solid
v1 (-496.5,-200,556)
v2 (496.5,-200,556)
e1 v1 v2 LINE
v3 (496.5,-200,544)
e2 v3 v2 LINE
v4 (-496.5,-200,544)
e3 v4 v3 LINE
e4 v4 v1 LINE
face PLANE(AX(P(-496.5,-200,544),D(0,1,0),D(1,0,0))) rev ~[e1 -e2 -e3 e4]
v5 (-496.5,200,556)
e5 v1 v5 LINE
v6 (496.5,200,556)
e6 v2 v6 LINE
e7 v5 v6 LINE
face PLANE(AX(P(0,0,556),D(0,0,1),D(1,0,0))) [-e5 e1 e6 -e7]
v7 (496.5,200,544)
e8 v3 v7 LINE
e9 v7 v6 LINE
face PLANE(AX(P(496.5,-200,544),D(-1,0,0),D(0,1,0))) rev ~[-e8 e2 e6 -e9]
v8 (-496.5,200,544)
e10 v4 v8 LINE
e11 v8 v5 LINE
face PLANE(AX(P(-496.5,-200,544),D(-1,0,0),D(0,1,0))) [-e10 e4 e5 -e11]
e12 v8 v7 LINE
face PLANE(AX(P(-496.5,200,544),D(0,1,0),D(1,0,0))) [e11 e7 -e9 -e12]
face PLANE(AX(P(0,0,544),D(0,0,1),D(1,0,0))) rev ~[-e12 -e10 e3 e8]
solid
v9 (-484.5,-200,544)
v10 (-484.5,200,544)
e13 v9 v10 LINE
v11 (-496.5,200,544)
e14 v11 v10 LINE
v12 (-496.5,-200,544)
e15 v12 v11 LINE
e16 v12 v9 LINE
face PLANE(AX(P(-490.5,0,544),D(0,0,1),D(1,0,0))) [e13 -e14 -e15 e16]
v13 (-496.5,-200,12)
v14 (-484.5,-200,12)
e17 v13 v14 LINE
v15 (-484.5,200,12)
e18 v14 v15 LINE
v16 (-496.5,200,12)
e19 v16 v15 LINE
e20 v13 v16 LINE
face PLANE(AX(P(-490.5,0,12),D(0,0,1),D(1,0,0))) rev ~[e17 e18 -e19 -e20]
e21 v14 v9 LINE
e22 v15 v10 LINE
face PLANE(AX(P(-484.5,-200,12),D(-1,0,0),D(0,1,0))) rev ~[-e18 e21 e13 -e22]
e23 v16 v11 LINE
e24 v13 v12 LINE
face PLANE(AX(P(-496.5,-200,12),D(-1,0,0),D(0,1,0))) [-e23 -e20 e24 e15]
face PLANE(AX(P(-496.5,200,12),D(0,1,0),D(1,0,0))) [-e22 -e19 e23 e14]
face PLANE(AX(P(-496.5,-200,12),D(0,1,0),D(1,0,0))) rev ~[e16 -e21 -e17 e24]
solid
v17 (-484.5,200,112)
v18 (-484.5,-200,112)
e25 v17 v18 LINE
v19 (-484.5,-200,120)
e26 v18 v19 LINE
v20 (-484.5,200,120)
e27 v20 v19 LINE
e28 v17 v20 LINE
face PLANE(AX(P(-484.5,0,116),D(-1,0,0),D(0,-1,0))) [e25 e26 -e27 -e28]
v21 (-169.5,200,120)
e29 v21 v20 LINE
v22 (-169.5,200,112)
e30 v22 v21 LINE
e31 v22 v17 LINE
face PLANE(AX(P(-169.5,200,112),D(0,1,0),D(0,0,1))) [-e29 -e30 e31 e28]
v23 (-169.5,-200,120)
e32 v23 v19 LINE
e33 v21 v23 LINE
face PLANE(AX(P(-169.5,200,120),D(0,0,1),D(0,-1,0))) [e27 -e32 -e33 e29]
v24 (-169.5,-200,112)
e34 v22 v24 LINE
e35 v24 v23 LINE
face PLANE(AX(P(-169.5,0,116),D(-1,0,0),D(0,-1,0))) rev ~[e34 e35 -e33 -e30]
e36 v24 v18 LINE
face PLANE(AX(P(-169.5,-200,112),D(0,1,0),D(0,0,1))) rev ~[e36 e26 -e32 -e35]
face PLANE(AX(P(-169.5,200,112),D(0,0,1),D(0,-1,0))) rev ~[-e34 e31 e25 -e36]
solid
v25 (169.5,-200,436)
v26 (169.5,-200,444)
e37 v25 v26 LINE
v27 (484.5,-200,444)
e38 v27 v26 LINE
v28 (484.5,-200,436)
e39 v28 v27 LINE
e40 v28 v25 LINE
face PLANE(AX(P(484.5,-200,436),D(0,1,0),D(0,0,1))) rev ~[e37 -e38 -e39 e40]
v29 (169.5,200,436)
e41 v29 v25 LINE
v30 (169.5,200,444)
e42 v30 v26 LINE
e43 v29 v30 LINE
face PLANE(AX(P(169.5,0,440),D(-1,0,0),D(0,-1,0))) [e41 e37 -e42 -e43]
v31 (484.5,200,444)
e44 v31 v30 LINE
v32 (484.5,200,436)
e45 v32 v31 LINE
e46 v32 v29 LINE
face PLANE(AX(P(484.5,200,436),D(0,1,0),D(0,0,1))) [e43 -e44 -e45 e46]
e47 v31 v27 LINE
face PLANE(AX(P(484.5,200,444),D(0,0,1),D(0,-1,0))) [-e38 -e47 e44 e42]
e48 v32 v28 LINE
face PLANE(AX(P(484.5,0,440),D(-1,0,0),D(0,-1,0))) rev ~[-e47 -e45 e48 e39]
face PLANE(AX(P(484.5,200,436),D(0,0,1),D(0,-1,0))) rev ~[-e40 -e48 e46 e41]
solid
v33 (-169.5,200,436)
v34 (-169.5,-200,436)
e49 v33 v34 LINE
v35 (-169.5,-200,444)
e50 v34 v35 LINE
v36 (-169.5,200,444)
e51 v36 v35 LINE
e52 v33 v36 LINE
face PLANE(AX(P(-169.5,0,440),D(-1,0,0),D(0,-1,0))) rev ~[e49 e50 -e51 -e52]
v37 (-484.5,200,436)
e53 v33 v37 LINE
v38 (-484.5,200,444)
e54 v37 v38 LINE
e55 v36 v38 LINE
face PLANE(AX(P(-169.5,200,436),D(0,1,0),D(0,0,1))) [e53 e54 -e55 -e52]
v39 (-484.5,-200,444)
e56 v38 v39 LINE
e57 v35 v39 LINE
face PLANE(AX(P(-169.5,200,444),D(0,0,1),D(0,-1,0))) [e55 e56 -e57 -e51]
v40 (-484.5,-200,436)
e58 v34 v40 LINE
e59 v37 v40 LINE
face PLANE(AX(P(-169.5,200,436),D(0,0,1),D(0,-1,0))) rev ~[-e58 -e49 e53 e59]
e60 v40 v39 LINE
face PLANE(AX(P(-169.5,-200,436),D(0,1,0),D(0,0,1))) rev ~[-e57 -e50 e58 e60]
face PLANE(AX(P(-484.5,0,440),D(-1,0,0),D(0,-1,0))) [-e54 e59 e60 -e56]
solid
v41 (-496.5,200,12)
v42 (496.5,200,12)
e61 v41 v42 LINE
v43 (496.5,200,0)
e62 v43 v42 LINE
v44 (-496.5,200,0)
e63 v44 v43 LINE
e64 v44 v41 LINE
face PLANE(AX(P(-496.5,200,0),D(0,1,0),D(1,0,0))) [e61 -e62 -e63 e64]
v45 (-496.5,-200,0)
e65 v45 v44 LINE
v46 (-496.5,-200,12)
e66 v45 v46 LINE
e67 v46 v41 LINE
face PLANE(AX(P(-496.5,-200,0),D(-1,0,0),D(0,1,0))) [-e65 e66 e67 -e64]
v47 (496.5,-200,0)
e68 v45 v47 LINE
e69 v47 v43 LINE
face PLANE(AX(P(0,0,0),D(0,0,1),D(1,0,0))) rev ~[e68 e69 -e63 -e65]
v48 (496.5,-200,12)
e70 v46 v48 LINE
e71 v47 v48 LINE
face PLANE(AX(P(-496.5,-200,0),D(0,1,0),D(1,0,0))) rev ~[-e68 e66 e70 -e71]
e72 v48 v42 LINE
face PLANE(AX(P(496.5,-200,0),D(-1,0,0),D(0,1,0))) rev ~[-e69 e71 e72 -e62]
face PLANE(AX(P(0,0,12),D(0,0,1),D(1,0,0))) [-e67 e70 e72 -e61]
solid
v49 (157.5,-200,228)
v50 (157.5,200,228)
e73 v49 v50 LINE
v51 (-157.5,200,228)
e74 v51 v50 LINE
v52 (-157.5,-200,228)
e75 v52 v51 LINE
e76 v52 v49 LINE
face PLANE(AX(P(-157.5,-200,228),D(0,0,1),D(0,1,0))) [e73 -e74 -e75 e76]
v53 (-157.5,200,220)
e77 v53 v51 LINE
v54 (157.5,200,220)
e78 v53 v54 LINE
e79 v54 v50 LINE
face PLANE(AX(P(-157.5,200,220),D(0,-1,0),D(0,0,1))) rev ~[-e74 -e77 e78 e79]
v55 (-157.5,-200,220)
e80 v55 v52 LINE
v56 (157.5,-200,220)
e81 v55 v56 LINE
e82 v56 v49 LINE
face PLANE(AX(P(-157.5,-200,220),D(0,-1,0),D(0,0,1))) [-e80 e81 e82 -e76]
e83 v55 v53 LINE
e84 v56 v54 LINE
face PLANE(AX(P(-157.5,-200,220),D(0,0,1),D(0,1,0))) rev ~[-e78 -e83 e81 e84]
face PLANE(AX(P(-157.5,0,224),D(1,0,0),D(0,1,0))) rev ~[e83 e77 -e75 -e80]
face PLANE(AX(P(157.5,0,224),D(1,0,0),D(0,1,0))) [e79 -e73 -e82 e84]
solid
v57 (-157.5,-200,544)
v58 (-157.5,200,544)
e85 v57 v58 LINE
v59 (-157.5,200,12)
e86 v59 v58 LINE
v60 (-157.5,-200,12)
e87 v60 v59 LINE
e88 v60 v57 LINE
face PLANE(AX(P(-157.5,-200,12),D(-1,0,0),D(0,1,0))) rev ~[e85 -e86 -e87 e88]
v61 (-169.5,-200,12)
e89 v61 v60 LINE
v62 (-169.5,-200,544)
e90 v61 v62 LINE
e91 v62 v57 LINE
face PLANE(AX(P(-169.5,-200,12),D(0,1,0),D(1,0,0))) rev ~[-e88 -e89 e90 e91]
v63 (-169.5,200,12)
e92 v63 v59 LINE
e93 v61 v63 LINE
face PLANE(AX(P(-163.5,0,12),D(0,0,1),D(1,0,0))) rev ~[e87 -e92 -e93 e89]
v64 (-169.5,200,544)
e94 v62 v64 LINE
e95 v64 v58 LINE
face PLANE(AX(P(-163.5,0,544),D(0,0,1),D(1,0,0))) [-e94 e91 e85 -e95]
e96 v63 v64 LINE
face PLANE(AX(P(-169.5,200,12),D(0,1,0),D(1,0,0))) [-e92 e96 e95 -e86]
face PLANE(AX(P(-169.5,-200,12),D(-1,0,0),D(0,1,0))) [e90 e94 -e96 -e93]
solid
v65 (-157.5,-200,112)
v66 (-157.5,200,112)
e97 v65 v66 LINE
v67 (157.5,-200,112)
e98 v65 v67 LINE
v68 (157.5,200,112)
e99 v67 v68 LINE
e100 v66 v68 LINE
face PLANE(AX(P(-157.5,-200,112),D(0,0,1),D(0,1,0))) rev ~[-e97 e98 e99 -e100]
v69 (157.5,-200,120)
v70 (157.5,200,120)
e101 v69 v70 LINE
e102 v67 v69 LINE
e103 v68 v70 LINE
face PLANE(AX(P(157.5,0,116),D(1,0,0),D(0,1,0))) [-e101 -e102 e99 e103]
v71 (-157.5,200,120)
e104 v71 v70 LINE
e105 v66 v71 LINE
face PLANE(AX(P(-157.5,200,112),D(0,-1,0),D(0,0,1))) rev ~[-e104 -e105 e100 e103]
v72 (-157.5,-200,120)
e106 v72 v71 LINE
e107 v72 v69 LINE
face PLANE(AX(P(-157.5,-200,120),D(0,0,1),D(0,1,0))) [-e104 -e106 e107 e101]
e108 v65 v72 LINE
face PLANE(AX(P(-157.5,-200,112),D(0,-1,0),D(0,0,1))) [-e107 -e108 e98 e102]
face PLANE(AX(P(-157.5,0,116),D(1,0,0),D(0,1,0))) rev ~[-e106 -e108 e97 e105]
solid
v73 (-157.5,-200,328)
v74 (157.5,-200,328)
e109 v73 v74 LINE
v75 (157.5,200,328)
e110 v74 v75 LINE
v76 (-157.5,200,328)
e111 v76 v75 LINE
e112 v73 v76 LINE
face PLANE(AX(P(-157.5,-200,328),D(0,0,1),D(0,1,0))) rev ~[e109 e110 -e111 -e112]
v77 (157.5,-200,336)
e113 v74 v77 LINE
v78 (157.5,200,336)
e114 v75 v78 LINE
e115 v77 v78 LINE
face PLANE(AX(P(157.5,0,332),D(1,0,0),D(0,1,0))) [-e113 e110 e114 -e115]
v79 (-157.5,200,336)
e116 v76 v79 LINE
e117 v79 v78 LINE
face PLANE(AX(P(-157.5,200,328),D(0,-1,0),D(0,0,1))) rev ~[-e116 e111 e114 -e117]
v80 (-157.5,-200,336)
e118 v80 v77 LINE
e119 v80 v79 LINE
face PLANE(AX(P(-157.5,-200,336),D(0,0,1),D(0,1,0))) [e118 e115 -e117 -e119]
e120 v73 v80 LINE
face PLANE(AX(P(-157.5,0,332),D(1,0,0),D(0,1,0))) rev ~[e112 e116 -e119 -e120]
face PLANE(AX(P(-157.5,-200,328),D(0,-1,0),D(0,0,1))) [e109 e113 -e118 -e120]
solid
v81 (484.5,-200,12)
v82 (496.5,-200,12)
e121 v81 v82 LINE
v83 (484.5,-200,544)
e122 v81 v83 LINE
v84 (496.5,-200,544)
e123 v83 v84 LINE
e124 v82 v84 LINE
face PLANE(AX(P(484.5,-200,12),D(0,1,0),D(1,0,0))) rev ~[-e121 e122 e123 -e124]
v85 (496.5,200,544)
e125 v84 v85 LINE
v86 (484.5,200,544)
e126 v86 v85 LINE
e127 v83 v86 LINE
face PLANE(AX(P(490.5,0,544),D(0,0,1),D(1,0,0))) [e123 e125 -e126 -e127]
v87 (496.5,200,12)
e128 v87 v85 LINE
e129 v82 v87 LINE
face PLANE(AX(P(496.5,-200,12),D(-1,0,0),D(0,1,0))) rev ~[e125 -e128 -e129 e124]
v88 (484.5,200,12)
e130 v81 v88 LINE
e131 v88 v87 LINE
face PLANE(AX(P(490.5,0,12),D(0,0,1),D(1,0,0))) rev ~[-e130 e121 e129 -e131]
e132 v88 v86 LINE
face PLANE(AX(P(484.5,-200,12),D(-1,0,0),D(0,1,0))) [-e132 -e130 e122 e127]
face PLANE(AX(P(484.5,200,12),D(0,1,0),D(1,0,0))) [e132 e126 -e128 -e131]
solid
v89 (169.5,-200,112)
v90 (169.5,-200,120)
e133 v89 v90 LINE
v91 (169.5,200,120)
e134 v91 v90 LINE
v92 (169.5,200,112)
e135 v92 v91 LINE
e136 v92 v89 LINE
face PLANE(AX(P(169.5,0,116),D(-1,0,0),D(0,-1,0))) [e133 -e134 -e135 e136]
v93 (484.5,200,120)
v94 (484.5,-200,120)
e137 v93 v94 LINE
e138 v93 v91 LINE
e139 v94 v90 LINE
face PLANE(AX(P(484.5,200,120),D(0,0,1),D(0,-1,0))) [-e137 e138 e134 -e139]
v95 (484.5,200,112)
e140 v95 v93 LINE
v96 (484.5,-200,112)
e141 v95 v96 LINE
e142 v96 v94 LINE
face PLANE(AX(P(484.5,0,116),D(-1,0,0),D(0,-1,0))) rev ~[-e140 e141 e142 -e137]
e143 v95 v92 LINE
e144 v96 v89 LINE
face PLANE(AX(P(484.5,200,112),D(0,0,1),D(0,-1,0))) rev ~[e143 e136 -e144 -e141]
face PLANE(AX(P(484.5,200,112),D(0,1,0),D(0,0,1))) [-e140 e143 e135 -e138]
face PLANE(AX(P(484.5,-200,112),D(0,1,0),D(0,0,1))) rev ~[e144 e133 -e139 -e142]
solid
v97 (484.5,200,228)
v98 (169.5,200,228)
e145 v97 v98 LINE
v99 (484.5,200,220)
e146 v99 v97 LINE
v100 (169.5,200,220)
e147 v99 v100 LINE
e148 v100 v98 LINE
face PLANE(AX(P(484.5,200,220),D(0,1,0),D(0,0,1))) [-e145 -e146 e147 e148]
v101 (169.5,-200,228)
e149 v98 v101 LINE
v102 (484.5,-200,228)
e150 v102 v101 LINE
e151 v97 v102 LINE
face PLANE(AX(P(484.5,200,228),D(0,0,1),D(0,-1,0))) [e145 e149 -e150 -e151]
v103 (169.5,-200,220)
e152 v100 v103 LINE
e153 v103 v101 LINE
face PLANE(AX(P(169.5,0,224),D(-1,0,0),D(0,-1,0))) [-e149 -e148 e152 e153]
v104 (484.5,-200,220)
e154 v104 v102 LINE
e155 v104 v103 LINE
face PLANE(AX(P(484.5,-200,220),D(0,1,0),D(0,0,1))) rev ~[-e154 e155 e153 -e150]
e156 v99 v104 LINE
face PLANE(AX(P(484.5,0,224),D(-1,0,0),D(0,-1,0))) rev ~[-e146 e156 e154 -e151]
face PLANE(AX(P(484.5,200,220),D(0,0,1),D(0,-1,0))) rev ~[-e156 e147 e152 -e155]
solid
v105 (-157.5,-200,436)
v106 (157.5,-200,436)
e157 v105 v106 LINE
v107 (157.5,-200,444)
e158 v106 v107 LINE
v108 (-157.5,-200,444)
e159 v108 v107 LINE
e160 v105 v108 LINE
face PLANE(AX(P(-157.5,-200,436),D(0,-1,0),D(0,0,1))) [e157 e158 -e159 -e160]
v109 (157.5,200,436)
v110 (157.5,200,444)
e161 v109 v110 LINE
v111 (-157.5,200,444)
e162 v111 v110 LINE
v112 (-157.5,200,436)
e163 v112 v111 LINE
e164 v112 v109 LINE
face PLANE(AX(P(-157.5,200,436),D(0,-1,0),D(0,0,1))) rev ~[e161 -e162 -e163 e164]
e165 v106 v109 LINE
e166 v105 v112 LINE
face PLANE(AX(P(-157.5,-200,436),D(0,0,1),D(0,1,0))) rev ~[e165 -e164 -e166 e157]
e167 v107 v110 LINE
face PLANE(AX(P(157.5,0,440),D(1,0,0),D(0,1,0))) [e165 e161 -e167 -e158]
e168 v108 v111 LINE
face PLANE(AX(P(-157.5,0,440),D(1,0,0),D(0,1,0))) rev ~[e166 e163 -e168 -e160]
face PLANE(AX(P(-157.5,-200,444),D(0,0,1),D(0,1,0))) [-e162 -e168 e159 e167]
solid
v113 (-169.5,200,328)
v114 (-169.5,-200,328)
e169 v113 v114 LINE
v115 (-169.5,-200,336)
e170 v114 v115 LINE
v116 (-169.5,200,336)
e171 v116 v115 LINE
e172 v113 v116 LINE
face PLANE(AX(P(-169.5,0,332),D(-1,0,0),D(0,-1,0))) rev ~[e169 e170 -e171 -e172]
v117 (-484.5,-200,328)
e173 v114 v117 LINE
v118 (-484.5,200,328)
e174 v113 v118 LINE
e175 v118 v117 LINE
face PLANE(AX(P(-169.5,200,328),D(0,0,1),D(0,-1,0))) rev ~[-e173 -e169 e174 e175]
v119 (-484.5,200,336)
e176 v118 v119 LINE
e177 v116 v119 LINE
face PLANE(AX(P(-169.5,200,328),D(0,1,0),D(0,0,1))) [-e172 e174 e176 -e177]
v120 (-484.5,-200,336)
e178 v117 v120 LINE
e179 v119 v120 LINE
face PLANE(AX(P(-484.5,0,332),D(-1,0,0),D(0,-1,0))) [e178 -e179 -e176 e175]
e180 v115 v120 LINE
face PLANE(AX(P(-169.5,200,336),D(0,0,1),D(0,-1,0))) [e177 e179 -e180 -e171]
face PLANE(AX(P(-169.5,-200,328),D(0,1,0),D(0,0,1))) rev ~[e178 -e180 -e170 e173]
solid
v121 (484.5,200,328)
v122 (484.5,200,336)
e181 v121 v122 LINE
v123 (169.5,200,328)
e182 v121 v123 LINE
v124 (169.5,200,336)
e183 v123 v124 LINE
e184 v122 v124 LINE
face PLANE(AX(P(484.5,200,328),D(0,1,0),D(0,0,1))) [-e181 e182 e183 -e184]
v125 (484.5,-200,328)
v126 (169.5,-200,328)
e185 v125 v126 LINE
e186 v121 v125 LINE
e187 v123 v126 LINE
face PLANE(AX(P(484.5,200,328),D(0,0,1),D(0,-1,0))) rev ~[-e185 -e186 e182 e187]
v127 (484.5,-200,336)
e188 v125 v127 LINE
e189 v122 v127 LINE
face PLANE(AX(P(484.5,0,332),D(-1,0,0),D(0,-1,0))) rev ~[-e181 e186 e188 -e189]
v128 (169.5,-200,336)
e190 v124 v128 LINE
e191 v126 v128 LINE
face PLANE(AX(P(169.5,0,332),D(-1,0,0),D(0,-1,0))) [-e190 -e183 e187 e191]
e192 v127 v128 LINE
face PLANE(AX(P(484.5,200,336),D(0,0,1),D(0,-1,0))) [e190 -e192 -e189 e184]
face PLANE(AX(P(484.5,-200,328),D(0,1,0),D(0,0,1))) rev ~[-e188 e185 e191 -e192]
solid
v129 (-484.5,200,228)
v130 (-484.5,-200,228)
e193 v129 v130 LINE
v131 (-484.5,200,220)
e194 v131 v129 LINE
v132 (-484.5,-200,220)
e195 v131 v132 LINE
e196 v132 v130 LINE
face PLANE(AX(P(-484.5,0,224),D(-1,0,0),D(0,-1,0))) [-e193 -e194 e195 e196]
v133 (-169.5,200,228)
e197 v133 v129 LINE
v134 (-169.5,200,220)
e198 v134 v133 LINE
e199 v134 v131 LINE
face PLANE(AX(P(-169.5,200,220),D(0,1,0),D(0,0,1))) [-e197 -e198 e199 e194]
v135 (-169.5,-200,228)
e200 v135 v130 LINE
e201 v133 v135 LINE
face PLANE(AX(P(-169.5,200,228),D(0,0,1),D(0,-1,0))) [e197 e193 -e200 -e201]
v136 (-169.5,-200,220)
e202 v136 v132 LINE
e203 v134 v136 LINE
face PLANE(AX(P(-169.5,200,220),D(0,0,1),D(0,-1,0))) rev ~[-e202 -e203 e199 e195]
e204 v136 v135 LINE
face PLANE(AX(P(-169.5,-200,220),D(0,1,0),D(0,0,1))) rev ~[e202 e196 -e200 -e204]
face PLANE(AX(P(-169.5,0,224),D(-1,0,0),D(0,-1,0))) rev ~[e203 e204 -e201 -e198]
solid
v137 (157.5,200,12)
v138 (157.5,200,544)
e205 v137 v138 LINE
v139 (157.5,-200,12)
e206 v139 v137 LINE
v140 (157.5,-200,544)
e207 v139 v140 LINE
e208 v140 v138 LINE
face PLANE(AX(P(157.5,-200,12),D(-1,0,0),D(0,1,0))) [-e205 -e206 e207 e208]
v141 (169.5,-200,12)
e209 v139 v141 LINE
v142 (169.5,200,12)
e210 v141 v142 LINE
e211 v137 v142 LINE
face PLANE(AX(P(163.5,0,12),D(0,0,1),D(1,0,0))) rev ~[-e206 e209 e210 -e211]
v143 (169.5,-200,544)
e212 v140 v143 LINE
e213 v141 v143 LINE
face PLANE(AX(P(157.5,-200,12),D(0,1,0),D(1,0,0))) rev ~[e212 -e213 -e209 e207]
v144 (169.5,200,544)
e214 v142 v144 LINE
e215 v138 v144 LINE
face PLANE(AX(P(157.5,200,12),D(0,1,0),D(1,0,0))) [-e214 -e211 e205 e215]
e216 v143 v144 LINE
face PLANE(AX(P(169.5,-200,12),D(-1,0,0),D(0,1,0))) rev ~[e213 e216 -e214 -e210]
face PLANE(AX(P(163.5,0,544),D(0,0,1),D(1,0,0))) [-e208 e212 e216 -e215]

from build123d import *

# Parameters (mm, degrees)
F0_W      = 993
F0_H      = 400
F1_DEPTH  = 12
F2_W      = 12
F2_H      = 400
F3_DEPTH  = 532
F4_W      = 993
F4_H      = 400
F5_DEPTH  = 12
F6_W      = 12
F6_H      = 400
F7_DEPTH  = 532
F8_W      = 400
F8_H      = 8
F9_DEPTH  = 315
F10_W     = 400
F10_H     = 8
F11_DEPTH = 315
F12_W     = 400
F12_H     = 8
F13_DEPTH = 315


with BuildPart() as f1:
    # F0 (on Top) → F1 (new body)
    with BuildSketch(Plane.XY):
        Rectangle(F0_W, F0_H)
    extrude(amount=F1_DEPTH)


with BuildPart() as f3:
    # F2 (on face) → F3 (new body)
    with BuildSketch(Plane.XY.offset(12)):
        with Locations((-490.5, 0)):
            Rectangle(F2_W, F2_H)
        with Locations((490.5, 0)):
            Rectangle(F2_W, F2_H)
    extrude(amount=F3_DEPTH)


with BuildPart() as f5:
    # F4 (on face) → F5 (new body)
    with BuildSketch(Plane.XY.offset(544)):
        Rectangle(F4_W, F4_H)
    extrude(amount=F5_DEPTH)


with BuildPart() as f7:
    # F6 (on face) → F7 (new body)
    with BuildSketch(Plane.XY.offset(12)):
        with Locations((-163.5, 0)):
            Rectangle(F6_W, F6_H)
        with Locations((163.5, 0)):
            Rectangle(F6_W, F6_H)
    extrude(amount=F7_DEPTH)


with BuildPart() as f9:
    # F8 (on face) → F9 (new body)
    with BuildSketch(Plane.YZ.offset(-157.5)):
        with Locations((0, 116)):
            Rectangle(F8_W, F8_H)
        with Locations((0, 224)):
            Rectangle(F8_W, F8_H)
        with Locations((0, 332)):
            Rectangle(F8_W, F8_H)
        with Locations((0, 440)):
            Rectangle(F8_W, F8_H)
    extrude(amount=F9_DEPTH)


with BuildPart() as f11:
    # F10 (on face) → F11 (new body)
    with BuildSketch(Plane(origin=(484.5, 0, 0), x_dir=(0, -1, 0), z_dir=(-1, 0, 0))):
        with Locations((0, 116)):
            Rectangle(F10_W, F10_H)
        with Locations((0, 224)):
            Rectangle(F10_W, F10_H)
        with Locations((0, 332)):
            Rectangle(F10_W, F10_H)
        with Locations((0, 440)):
            Rectangle(F10_W, F10_H)
    extrude(amount=F11_DEPTH)


with BuildPart() as f13:
    # F12 (on face) → F13 (new body)
    with BuildSketch(Plane(origin=(-169.5, 0, 0), x_dir=(0, -1, 0), z_dir=(-1, 0, 0))):
        with Locations((0, 116)):
            Rectangle(F12_W, F12_H)
        with Locations((0, 224)):
            Rectangle(F12_W, F12_H)
        with Locations((0, 332)):
            Rectangle(F12_W, F12_H)
        with Locations((0, 440)):
            Rectangle(F12_W, F12_H)
    extrude(amount=F13_DEPTH)


solid = Compound([f1.part, f3.part, f5.part, f7.part, f9.part, f11.part, f13.part])
